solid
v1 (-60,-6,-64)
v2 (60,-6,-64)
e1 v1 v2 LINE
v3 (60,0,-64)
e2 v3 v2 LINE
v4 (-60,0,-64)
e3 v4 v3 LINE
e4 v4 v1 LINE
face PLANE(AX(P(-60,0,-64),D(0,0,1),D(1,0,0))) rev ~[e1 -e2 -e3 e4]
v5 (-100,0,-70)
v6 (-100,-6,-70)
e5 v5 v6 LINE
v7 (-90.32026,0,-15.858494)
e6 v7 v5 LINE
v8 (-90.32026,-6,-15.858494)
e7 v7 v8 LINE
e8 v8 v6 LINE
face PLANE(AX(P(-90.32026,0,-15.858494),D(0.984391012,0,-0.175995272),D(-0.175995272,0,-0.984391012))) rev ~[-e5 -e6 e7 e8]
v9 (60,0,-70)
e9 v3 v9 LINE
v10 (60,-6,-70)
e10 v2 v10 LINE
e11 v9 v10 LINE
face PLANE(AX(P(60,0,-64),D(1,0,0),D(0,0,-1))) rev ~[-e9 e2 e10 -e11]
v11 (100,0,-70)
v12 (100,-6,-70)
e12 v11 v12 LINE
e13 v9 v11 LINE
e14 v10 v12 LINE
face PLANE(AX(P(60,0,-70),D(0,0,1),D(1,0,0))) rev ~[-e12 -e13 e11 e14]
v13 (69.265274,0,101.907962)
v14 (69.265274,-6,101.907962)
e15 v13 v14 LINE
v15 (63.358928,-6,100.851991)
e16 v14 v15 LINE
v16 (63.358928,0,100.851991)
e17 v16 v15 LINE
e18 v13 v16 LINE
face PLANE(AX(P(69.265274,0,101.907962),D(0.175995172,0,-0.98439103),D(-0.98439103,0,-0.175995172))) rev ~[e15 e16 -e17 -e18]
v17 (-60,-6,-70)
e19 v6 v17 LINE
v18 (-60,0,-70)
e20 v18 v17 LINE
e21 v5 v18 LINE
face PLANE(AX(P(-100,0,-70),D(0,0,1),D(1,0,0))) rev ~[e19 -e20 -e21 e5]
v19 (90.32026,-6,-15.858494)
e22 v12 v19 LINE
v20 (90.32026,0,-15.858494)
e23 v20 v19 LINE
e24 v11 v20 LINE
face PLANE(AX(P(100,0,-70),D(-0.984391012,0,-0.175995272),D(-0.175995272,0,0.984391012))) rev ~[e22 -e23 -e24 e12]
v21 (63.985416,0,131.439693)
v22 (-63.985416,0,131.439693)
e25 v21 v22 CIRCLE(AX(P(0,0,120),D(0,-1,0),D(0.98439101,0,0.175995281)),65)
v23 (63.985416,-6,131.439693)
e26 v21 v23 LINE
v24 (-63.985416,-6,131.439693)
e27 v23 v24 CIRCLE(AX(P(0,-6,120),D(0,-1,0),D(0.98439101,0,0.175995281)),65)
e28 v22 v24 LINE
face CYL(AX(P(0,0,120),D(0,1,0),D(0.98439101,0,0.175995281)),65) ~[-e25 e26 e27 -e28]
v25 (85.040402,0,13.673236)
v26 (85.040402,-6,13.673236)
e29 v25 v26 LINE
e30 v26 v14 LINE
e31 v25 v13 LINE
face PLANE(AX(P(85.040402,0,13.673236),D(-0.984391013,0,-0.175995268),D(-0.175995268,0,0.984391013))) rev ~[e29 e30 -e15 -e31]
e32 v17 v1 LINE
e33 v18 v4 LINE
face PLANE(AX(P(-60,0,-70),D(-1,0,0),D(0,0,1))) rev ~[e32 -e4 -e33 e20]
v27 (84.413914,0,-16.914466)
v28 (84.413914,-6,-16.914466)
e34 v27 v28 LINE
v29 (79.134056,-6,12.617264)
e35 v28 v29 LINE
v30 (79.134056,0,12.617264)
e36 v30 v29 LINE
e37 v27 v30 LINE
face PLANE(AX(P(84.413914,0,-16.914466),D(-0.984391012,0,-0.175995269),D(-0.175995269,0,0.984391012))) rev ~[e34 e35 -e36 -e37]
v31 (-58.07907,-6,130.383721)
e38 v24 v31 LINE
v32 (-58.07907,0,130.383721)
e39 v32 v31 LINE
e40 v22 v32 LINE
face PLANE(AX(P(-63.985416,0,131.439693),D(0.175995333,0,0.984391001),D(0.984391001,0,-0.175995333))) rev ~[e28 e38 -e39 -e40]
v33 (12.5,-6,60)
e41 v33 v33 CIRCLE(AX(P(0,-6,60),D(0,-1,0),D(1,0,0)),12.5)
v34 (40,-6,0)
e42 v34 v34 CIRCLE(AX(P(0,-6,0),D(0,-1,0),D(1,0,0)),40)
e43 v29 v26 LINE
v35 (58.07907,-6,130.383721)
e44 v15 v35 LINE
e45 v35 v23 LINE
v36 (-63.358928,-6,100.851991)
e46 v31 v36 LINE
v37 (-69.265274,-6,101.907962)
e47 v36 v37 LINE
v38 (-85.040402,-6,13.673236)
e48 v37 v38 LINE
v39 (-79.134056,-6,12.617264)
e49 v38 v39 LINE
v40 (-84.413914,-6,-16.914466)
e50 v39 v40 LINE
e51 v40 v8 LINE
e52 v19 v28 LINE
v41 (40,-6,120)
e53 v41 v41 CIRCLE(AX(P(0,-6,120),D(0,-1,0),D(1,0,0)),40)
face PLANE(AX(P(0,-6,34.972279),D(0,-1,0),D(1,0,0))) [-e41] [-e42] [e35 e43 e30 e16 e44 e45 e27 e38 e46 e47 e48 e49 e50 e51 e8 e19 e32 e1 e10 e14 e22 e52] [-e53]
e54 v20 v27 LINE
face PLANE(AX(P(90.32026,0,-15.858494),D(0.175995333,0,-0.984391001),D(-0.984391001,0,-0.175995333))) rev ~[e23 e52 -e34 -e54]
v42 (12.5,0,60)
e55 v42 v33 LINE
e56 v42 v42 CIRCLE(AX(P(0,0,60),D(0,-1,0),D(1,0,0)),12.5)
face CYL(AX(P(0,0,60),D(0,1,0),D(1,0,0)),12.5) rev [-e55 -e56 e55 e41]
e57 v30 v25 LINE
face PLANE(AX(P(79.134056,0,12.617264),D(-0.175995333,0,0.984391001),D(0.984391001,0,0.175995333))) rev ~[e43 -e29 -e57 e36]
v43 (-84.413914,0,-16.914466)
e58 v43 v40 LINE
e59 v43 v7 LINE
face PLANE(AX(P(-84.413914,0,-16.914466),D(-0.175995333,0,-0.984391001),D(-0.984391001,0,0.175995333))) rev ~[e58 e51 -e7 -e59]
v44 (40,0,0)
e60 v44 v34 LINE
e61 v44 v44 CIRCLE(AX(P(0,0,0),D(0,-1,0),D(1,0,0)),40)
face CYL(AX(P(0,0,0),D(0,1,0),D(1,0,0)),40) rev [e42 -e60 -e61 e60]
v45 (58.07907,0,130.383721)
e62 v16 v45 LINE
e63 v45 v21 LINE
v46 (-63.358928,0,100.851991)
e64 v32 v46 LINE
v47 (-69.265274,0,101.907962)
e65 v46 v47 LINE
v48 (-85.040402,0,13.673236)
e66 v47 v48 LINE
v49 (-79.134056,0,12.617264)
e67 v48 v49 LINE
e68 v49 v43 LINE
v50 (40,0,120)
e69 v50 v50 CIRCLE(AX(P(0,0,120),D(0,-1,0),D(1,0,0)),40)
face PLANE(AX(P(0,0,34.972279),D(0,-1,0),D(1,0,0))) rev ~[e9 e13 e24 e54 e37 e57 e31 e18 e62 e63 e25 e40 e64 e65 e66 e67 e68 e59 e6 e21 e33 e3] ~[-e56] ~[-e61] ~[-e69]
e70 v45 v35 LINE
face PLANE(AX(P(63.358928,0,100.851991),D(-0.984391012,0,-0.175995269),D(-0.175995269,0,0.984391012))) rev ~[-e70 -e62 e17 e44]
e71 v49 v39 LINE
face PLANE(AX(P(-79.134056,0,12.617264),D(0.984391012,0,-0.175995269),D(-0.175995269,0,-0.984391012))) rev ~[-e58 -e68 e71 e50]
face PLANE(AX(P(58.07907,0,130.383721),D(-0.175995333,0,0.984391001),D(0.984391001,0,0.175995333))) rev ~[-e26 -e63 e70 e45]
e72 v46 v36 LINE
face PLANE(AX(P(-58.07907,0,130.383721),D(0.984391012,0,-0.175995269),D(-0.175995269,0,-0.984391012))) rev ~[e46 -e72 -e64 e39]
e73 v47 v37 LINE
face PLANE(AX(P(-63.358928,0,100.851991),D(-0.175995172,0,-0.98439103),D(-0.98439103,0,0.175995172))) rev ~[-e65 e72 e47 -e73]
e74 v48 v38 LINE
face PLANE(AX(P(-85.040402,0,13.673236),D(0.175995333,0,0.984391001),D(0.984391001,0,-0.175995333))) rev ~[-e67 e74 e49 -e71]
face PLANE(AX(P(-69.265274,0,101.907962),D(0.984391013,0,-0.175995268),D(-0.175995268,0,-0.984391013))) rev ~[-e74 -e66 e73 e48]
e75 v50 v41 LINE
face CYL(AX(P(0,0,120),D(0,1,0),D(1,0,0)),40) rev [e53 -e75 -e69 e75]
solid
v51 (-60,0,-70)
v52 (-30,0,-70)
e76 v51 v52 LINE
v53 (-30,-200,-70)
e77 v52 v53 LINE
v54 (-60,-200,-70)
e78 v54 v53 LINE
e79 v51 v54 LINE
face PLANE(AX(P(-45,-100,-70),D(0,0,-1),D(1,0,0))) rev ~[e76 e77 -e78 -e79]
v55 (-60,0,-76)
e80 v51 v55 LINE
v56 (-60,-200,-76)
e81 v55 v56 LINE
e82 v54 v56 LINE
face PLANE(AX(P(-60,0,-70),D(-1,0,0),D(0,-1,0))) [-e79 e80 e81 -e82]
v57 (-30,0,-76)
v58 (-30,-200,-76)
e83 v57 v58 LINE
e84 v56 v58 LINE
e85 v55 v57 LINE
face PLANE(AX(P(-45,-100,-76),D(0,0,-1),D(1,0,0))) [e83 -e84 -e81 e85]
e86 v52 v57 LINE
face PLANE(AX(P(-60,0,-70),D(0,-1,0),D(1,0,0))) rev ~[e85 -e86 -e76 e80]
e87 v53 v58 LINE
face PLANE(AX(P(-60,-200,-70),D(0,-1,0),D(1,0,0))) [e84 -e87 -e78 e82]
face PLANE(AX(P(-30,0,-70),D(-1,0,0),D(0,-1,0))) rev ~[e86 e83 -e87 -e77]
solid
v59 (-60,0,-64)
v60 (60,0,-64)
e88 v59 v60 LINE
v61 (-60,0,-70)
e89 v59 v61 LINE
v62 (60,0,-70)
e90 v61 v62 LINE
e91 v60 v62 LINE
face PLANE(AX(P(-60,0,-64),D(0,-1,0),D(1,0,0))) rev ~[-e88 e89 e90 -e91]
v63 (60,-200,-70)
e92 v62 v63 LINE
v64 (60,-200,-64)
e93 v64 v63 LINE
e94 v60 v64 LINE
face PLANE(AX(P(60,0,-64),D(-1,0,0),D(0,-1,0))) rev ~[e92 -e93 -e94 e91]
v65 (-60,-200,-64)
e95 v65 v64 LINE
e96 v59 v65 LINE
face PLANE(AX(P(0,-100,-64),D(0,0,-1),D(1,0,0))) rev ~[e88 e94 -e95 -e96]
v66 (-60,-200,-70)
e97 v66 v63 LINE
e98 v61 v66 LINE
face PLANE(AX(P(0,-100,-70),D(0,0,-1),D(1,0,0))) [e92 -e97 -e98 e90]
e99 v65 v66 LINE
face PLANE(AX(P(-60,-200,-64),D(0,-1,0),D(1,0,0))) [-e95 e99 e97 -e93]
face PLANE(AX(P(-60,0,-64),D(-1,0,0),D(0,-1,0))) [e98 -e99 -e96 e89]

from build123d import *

# Parameters (mm, degrees)
F0_R     = 40
F0_R_2   = 12.5
F1_DEPTH = 6
F2_W     = 120
F2_H     = 200
F3_DEPTH = 6
F4_W     = 30
F4_H     = 200
F5_DEPTH = 6


with BuildPart() as f1:
    # F0 (on Front) → F1 (new body)
    with BuildSketch(Plane.XZ):
        with BuildLine():
            Line((-90.32026, -15.858494), (-100, -70))
            Line((-100, -70), (-60, -70))
            Line((-60, -70), (-60, -64))
            Line((-60, -64), (0, -64))
            Line((0, -64), (60, -64))
            Line((60, -64), (60, -70))
            Line((60, -70), (100, -70))
            Line((100, -70), (90.32026, -15.858494))
            Line((90.32026, -15.858494), (84.413914, -16.914466))
            Line((84.413914, -16.914466), (79.134056, 12.617264))
            Line((79.134056, 12.617264), (85.040402, 13.673236))
            Line((85.040402, 13.673236), (69.265274, 101.907962))
            Line((69.265274, 101.907962), (63.358928, 100.851991))
            Line((63.358928, 100.851991), (58.07907, 130.383721))
            Line((58.07907, 130.383721), (63.985416, 131.439693))
            ThreePointArc((63.985416, 131.439693), (0, 185), (-63.985416, 131.439693))
            Line((-63.985416, 131.439693), (-58.07907, 130.383721))
            Line((-58.07907, 130.383721), (-63.358928, 100.851991))
            Line((-63.358928, 100.851991), (-69.265274, 101.907962))
            Line((-69.265274, 101.907962), (-85.040402, 13.673236))
            Line((-85.040402, 13.673236), (-79.134056, 12.617264))
            Line((-79.134056, 12.617264), (-84.413914, -16.914466))
            Line((-84.413914, -16.914466), (-90.32026, -15.858494))
        make_face()
        Circle(F0_R, mode=Mode.SUBTRACT)
        with Locations((0, 60)):
            Circle(F0_R_2, mode=Mode.SUBTRACT)
        with Locations((0, 120)):
            Circle(F0_R, mode=Mode.SUBTRACT)
    extrude(amount=F1_DEPTH)


with BuildPart() as f3:
    # F2 (on face) → F3 (new body)
    with BuildSketch(Plane(origin=(0, 0, -64), x_dir=(1, 0, 0), z_dir=(0, 0, -1))):
        with Locations((0, 100)):
            Rectangle(F2_W, F2_H)
    extrude(amount=F3_DEPTH)


with BuildPart() as f5:
    # F4 (on face) → F5 (new body)
    with BuildSketch(Plane(origin=(0, 0, -70), x_dir=(1, 0, 0), z_dir=(0, 0, -1))):
        with Locations((-45, 100)):
            Rectangle(F4_W, F4_H)
    extrude(amount=F5_DEPTH)


solid = Compound([f1.part, f3.part, f5.part])
